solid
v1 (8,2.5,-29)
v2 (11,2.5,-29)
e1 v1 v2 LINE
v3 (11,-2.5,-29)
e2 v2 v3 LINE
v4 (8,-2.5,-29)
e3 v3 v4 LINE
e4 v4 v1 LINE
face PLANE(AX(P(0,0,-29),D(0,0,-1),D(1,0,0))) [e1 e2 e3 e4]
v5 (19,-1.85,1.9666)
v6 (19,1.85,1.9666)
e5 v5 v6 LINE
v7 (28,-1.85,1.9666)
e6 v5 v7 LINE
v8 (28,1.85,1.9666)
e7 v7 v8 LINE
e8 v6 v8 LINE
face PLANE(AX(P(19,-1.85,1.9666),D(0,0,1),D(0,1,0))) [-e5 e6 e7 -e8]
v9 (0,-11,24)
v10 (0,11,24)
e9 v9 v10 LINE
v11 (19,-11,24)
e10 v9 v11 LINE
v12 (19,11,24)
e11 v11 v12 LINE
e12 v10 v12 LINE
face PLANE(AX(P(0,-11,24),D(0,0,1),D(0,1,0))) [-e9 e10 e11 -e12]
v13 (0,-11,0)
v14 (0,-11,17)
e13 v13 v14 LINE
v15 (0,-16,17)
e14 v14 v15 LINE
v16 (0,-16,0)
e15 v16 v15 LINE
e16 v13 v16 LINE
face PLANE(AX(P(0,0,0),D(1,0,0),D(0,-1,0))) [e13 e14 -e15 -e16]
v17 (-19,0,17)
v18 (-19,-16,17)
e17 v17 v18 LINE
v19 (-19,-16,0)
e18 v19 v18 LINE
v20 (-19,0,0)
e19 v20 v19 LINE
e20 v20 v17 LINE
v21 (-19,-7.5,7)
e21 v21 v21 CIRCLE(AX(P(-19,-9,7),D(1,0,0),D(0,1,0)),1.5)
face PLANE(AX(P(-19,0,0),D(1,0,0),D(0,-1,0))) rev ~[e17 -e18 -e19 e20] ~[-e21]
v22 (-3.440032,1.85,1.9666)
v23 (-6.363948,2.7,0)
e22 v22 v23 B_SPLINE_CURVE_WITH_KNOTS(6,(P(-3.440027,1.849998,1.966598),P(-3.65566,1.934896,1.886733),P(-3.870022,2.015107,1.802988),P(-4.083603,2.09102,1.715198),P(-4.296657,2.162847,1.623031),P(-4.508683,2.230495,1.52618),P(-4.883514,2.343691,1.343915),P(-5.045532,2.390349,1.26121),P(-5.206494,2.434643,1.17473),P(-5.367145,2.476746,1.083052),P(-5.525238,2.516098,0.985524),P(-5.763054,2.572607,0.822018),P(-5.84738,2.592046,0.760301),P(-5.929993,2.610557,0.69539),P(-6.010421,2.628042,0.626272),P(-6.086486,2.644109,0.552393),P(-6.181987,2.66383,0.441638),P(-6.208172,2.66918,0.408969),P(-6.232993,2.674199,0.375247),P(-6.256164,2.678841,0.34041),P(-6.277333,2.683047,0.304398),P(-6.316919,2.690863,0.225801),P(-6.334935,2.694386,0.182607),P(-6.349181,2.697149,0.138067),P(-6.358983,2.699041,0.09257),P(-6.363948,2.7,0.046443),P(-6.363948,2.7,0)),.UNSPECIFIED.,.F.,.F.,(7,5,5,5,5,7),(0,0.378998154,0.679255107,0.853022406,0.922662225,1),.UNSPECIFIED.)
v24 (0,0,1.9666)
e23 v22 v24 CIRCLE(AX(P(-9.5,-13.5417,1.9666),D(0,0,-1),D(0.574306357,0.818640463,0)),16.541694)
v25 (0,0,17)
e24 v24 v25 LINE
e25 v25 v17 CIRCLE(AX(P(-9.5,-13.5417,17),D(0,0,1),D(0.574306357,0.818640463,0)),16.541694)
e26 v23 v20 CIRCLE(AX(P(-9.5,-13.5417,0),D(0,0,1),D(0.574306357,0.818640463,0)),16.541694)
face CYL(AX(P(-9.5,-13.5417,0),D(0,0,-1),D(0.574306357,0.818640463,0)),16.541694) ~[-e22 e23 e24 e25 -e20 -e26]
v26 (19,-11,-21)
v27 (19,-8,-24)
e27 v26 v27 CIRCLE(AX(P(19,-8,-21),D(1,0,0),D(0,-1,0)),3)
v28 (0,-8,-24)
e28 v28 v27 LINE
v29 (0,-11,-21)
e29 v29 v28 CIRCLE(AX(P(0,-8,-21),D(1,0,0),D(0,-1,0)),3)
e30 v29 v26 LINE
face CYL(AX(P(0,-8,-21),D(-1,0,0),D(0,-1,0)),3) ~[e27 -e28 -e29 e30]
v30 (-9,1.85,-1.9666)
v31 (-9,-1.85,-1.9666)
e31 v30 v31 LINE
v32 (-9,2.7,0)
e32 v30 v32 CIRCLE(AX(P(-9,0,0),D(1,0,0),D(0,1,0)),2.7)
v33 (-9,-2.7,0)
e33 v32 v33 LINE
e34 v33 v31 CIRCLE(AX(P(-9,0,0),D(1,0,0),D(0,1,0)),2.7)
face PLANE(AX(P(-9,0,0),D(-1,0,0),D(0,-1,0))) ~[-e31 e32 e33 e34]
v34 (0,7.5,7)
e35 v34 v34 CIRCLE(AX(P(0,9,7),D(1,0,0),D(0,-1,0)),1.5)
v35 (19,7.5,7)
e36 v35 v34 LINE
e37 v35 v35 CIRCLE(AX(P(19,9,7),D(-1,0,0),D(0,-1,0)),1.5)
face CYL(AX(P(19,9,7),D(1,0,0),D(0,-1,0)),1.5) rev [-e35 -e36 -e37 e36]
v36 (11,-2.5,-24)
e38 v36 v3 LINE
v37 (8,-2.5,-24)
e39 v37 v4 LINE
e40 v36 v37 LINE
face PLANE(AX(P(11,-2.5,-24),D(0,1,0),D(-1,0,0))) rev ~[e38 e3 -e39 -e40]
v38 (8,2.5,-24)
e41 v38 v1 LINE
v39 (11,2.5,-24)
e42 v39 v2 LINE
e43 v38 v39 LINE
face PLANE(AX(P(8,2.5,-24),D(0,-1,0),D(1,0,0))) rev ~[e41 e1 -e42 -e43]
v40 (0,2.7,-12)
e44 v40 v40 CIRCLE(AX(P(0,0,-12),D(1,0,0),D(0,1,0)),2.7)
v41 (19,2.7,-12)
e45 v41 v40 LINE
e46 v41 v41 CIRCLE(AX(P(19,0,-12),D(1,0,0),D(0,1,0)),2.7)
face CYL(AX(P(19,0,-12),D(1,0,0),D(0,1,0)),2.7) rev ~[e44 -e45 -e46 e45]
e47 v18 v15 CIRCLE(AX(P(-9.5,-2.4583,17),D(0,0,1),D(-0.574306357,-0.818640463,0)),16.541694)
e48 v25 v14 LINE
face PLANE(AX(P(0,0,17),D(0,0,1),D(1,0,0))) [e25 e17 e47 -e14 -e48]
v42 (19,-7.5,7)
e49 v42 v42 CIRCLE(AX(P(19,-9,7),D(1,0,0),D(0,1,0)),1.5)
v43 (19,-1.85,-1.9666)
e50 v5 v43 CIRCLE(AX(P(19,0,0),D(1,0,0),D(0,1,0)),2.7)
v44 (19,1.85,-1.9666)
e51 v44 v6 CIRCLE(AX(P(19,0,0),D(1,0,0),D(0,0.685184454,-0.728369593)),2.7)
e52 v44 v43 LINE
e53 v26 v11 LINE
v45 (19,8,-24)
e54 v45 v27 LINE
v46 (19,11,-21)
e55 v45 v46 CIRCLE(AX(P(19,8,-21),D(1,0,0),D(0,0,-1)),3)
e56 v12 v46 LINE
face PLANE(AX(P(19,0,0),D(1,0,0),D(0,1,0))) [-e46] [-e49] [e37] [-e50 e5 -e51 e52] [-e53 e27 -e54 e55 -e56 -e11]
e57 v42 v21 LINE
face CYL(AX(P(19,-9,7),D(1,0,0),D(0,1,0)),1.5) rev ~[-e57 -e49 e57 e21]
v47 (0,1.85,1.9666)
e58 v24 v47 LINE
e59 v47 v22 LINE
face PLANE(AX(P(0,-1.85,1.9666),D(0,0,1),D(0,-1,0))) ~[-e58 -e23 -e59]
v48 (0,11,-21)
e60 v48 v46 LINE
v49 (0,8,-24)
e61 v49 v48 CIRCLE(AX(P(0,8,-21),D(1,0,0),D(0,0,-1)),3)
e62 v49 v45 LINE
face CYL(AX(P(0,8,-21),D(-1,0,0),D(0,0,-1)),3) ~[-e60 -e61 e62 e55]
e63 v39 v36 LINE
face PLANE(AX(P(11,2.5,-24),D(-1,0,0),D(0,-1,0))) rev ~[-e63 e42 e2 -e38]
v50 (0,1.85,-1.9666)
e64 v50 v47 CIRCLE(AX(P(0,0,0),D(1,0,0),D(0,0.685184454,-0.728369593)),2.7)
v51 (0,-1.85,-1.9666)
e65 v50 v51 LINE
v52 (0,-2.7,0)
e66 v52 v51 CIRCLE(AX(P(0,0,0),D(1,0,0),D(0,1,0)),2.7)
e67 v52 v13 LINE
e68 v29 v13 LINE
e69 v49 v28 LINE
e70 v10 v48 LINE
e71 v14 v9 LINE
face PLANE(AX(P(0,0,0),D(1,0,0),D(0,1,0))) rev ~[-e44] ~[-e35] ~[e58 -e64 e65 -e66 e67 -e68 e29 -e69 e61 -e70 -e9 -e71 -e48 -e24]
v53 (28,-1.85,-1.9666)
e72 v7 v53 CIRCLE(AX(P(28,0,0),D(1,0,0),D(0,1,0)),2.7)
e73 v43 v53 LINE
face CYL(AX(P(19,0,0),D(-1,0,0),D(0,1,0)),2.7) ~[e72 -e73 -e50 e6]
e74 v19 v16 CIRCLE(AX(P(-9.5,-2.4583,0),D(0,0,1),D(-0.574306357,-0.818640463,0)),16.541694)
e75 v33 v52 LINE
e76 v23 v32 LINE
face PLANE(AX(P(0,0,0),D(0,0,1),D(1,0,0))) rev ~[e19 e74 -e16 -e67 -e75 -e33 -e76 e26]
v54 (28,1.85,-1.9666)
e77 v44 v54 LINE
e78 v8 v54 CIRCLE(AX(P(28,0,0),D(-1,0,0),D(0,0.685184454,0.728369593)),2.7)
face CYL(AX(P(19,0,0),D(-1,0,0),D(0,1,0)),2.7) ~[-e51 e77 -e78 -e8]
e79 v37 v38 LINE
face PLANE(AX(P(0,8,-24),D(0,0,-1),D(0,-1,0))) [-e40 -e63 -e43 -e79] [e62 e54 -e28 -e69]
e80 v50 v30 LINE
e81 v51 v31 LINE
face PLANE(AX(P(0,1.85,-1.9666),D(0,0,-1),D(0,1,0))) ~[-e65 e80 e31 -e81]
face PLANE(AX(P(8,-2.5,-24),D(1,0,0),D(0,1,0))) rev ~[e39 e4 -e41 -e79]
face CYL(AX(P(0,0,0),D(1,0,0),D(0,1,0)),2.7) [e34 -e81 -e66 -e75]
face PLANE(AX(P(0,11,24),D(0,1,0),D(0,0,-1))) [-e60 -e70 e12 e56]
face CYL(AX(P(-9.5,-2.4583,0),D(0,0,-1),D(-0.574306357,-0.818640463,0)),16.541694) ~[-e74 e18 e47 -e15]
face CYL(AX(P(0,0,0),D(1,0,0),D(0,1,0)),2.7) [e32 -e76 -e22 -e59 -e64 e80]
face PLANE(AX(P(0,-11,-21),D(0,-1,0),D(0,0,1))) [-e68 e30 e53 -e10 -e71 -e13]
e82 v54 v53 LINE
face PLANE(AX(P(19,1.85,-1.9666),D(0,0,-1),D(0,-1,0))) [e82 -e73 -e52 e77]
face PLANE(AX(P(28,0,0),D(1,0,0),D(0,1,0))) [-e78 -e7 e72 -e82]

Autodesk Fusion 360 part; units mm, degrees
sketch "Center" plane through (0, 0, 0) normal (1, 0, 0) x (0, 1, 0)
  circle A0 centre (0, 0) radius 2.7
  dimension "d1" = 5.4
extrude "Center width" add sketch "Center" along normal blind 19 makes body 1
sketch "Axis" plane through (19, 0, 0) normal (1, 0, 0) x (0, 1, 0)
  circle A0 centre (0, 0) radius 2.7
  line L0 (-1.85, 1.9666) -> (1.85, 1.9666)
  line L1 (1.85, -1.9666) -> (-1.85, -1.9666)
  arc A1 (-1.85, 1.9666) -> (-1.85, -1.9666) centre (0, 0) ccw
  arc A2 (1.85, -1.9666) -> (1.85, 1.9666) centre (0, 0) ccw
  dimension "d4" = 5.4
  dimension "d5" = 3.7
extrude "Axis width" add sketch "Axis" along normal blind 9 separate body contours A0 L0 L1 A1 A2 makes body 2
ref_plane "WorkPlane1" through (9.5, 0, 0) normal (1, 0, 0) x (0, 1, 0)
mirror "Axis mirror" about plane through (9.5, 0, 0) normal (1, 0, 0) of "Axis width" makes body 3
equation "d8 = ( 19 / 2 ) * 1 mm"

Autodesk Fusion 360 part; units mm, degrees
sketch "Motor base" plane through (0, 0, 0) normal (0, 0, 1) x (1, 0, 0)
  line L0 (0, 0) -> (0, -16)
  line L1 (0, -8) -> (-19, -8) construction
  line L2 (-9.5, -8) -> (-9.5, -19) construction
  line L3 (-19, 0) -> (-19, -16)
  arc A0 (-19, -16) -> (0, -16) centre (-9.5, -2.4583) ccw
  arc A1 (0, 0) -> (-19, 0) centre (-9.5, -13.5417) ccw
  dimension "d1" = 16
  dimension "d2" = 19
  dimension "d3" = 11
extrude "Motor height" add sketch "Motor base" along normal blind 17
equation "d1 = 22 mm - 6 mm"

Autodesk Fusion 360 part; units mm, degrees
sketch "Case base" plane through (0, 0, 0) normal (1, 0, 0) x (0, 1, 0)
  line L0 (-11, 24) -> (11, 24)
  line L1 (11, 24) -> (11, -21)
  line L2 (8, -24) -> (-8, -24)
  line L3 (-11, -21) -> (-11, 24)
  line L4 (-11, 24) -> (11, -24) construction
  line L5 (11, 24) -> (-11, -24) construction
  arc A0 (-11, -21) -> (-8, -24) centre (-8, -21) ccw
  arc A1 (8, -24) -> (11, -21) centre (8, -21) ccw
  dimension "d5" = 22
  dimension "d6" = 48
  dimension "d7" = 3
  dimension "d8" = 3
extrude "Case width" add sketch "Case base" along normal blind 19
sketch "Pin base" plane through (0, 0, -24) normal (0, 0, -1) x (1, 0, 0)
  line L0 (0, 8) -> (0, -8)
  line L1 (0, -8) -> (19, -8)
  line L2 (19, -8) -> (19, 8)
  line L3 (19, 8) -> (0, 8)
  line L4 (0, 0) -> (19, 0) construction
  line L5 (11, 2.5) -> (8, 2.5)
  line L6 (8, 2.5) -> (8, -2.5)
  line L7 (8, -2.5) -> (11, -2.5)
  line L8 (11, -2.5) -> (11, 2.5)
  line L9 (11, 2.5) -> (8, -2.5) construction
  line L10 (8, 2.5) -> (11, -2.5) construction
  point P0 (9.5, 0)
  dimension "d11" = 5
  dimension "d12" = 3
extrude "Pin base (1)" add sketch "Pin base" along normal blind 5 contours L5 L6 L7 L8
sketch "Pin hole" plane through (11, 0, 0) normal (1, 0, 0) x (0, 1, 0)
  line L0 (2.5, -24) -> (-2.5, -24)
  line L1 (-2.5, -24) -> (-2.5, -29)
  line L2 (-2.5, -29) -> (2.5, -29)
  line L3 (2.5, -29) -> (2.5, -24)
  circle A0 centre (0, -26.5) radius 1.5
  dimension "d15" = 3
extrude "Pin hole (1)" cut sketch "Pin hole" along normal through all contours A0
sketch "Case axis" plane through (19, 0, 0) normal (1, 0, 0) x (0, 1, 0)
  arc A0 (-11, -21) -> (-8, -24) centre (-8, -21) ccw
  line L0 (-8, -24) -> (8, -24)
  arc A1 (8, -24) -> (11, -21) centre (8, -21) ccw
  line L1 (11, -21) -> (11, 24)
  line L2 (11, 24) -> (-11, 24)
  line L3 (-11, 24) -> (-11, -21)
  line L4 (0, -24) -> (0, -12) construction
  circle A2 centre (0, -12) radius 2.7
  dimension "d17" = 12
  dimension "d18" = 5.4
extrude "Case axis (1)" cut sketch "Case axis" against normal through all contours A2
sketch "Case hole" plane through (19, 0, 0) normal (1, 0, 0) x (0, 1, 0)
  circle A0 centre (0, -12) radius 2.7
  arc A1 (-11, -21) -> (-8, -24) centre (-8, -21) ccw
  line L0 (-8, -24) -> (8, -24)
  arc A2 (8, -24) -> (11, -21) centre (8, -21) ccw
  line L1 (11, -21) -> (11, 24)
  line L2 (11, 24) -> (-11, 24)
  line L3 (-11, 24) -> (-11, -21)
  line L4 (-11, 22) -> (-9, 22) construction
  line L5 (-9, 24) -> (-9, 7) construction
  circle A3 centre (-9, 7) radius 1.5
  dimension "d20" = 2
  dimension "d21" = 17
  dimension "d22" = 3
extrude "Case hole (1)" cut sketch "Case hole" against normal through all contours A3
mirror "Case holes" about plane through (0, 0, 0) normal (0, 1, 0) of "Case hole (1)"
